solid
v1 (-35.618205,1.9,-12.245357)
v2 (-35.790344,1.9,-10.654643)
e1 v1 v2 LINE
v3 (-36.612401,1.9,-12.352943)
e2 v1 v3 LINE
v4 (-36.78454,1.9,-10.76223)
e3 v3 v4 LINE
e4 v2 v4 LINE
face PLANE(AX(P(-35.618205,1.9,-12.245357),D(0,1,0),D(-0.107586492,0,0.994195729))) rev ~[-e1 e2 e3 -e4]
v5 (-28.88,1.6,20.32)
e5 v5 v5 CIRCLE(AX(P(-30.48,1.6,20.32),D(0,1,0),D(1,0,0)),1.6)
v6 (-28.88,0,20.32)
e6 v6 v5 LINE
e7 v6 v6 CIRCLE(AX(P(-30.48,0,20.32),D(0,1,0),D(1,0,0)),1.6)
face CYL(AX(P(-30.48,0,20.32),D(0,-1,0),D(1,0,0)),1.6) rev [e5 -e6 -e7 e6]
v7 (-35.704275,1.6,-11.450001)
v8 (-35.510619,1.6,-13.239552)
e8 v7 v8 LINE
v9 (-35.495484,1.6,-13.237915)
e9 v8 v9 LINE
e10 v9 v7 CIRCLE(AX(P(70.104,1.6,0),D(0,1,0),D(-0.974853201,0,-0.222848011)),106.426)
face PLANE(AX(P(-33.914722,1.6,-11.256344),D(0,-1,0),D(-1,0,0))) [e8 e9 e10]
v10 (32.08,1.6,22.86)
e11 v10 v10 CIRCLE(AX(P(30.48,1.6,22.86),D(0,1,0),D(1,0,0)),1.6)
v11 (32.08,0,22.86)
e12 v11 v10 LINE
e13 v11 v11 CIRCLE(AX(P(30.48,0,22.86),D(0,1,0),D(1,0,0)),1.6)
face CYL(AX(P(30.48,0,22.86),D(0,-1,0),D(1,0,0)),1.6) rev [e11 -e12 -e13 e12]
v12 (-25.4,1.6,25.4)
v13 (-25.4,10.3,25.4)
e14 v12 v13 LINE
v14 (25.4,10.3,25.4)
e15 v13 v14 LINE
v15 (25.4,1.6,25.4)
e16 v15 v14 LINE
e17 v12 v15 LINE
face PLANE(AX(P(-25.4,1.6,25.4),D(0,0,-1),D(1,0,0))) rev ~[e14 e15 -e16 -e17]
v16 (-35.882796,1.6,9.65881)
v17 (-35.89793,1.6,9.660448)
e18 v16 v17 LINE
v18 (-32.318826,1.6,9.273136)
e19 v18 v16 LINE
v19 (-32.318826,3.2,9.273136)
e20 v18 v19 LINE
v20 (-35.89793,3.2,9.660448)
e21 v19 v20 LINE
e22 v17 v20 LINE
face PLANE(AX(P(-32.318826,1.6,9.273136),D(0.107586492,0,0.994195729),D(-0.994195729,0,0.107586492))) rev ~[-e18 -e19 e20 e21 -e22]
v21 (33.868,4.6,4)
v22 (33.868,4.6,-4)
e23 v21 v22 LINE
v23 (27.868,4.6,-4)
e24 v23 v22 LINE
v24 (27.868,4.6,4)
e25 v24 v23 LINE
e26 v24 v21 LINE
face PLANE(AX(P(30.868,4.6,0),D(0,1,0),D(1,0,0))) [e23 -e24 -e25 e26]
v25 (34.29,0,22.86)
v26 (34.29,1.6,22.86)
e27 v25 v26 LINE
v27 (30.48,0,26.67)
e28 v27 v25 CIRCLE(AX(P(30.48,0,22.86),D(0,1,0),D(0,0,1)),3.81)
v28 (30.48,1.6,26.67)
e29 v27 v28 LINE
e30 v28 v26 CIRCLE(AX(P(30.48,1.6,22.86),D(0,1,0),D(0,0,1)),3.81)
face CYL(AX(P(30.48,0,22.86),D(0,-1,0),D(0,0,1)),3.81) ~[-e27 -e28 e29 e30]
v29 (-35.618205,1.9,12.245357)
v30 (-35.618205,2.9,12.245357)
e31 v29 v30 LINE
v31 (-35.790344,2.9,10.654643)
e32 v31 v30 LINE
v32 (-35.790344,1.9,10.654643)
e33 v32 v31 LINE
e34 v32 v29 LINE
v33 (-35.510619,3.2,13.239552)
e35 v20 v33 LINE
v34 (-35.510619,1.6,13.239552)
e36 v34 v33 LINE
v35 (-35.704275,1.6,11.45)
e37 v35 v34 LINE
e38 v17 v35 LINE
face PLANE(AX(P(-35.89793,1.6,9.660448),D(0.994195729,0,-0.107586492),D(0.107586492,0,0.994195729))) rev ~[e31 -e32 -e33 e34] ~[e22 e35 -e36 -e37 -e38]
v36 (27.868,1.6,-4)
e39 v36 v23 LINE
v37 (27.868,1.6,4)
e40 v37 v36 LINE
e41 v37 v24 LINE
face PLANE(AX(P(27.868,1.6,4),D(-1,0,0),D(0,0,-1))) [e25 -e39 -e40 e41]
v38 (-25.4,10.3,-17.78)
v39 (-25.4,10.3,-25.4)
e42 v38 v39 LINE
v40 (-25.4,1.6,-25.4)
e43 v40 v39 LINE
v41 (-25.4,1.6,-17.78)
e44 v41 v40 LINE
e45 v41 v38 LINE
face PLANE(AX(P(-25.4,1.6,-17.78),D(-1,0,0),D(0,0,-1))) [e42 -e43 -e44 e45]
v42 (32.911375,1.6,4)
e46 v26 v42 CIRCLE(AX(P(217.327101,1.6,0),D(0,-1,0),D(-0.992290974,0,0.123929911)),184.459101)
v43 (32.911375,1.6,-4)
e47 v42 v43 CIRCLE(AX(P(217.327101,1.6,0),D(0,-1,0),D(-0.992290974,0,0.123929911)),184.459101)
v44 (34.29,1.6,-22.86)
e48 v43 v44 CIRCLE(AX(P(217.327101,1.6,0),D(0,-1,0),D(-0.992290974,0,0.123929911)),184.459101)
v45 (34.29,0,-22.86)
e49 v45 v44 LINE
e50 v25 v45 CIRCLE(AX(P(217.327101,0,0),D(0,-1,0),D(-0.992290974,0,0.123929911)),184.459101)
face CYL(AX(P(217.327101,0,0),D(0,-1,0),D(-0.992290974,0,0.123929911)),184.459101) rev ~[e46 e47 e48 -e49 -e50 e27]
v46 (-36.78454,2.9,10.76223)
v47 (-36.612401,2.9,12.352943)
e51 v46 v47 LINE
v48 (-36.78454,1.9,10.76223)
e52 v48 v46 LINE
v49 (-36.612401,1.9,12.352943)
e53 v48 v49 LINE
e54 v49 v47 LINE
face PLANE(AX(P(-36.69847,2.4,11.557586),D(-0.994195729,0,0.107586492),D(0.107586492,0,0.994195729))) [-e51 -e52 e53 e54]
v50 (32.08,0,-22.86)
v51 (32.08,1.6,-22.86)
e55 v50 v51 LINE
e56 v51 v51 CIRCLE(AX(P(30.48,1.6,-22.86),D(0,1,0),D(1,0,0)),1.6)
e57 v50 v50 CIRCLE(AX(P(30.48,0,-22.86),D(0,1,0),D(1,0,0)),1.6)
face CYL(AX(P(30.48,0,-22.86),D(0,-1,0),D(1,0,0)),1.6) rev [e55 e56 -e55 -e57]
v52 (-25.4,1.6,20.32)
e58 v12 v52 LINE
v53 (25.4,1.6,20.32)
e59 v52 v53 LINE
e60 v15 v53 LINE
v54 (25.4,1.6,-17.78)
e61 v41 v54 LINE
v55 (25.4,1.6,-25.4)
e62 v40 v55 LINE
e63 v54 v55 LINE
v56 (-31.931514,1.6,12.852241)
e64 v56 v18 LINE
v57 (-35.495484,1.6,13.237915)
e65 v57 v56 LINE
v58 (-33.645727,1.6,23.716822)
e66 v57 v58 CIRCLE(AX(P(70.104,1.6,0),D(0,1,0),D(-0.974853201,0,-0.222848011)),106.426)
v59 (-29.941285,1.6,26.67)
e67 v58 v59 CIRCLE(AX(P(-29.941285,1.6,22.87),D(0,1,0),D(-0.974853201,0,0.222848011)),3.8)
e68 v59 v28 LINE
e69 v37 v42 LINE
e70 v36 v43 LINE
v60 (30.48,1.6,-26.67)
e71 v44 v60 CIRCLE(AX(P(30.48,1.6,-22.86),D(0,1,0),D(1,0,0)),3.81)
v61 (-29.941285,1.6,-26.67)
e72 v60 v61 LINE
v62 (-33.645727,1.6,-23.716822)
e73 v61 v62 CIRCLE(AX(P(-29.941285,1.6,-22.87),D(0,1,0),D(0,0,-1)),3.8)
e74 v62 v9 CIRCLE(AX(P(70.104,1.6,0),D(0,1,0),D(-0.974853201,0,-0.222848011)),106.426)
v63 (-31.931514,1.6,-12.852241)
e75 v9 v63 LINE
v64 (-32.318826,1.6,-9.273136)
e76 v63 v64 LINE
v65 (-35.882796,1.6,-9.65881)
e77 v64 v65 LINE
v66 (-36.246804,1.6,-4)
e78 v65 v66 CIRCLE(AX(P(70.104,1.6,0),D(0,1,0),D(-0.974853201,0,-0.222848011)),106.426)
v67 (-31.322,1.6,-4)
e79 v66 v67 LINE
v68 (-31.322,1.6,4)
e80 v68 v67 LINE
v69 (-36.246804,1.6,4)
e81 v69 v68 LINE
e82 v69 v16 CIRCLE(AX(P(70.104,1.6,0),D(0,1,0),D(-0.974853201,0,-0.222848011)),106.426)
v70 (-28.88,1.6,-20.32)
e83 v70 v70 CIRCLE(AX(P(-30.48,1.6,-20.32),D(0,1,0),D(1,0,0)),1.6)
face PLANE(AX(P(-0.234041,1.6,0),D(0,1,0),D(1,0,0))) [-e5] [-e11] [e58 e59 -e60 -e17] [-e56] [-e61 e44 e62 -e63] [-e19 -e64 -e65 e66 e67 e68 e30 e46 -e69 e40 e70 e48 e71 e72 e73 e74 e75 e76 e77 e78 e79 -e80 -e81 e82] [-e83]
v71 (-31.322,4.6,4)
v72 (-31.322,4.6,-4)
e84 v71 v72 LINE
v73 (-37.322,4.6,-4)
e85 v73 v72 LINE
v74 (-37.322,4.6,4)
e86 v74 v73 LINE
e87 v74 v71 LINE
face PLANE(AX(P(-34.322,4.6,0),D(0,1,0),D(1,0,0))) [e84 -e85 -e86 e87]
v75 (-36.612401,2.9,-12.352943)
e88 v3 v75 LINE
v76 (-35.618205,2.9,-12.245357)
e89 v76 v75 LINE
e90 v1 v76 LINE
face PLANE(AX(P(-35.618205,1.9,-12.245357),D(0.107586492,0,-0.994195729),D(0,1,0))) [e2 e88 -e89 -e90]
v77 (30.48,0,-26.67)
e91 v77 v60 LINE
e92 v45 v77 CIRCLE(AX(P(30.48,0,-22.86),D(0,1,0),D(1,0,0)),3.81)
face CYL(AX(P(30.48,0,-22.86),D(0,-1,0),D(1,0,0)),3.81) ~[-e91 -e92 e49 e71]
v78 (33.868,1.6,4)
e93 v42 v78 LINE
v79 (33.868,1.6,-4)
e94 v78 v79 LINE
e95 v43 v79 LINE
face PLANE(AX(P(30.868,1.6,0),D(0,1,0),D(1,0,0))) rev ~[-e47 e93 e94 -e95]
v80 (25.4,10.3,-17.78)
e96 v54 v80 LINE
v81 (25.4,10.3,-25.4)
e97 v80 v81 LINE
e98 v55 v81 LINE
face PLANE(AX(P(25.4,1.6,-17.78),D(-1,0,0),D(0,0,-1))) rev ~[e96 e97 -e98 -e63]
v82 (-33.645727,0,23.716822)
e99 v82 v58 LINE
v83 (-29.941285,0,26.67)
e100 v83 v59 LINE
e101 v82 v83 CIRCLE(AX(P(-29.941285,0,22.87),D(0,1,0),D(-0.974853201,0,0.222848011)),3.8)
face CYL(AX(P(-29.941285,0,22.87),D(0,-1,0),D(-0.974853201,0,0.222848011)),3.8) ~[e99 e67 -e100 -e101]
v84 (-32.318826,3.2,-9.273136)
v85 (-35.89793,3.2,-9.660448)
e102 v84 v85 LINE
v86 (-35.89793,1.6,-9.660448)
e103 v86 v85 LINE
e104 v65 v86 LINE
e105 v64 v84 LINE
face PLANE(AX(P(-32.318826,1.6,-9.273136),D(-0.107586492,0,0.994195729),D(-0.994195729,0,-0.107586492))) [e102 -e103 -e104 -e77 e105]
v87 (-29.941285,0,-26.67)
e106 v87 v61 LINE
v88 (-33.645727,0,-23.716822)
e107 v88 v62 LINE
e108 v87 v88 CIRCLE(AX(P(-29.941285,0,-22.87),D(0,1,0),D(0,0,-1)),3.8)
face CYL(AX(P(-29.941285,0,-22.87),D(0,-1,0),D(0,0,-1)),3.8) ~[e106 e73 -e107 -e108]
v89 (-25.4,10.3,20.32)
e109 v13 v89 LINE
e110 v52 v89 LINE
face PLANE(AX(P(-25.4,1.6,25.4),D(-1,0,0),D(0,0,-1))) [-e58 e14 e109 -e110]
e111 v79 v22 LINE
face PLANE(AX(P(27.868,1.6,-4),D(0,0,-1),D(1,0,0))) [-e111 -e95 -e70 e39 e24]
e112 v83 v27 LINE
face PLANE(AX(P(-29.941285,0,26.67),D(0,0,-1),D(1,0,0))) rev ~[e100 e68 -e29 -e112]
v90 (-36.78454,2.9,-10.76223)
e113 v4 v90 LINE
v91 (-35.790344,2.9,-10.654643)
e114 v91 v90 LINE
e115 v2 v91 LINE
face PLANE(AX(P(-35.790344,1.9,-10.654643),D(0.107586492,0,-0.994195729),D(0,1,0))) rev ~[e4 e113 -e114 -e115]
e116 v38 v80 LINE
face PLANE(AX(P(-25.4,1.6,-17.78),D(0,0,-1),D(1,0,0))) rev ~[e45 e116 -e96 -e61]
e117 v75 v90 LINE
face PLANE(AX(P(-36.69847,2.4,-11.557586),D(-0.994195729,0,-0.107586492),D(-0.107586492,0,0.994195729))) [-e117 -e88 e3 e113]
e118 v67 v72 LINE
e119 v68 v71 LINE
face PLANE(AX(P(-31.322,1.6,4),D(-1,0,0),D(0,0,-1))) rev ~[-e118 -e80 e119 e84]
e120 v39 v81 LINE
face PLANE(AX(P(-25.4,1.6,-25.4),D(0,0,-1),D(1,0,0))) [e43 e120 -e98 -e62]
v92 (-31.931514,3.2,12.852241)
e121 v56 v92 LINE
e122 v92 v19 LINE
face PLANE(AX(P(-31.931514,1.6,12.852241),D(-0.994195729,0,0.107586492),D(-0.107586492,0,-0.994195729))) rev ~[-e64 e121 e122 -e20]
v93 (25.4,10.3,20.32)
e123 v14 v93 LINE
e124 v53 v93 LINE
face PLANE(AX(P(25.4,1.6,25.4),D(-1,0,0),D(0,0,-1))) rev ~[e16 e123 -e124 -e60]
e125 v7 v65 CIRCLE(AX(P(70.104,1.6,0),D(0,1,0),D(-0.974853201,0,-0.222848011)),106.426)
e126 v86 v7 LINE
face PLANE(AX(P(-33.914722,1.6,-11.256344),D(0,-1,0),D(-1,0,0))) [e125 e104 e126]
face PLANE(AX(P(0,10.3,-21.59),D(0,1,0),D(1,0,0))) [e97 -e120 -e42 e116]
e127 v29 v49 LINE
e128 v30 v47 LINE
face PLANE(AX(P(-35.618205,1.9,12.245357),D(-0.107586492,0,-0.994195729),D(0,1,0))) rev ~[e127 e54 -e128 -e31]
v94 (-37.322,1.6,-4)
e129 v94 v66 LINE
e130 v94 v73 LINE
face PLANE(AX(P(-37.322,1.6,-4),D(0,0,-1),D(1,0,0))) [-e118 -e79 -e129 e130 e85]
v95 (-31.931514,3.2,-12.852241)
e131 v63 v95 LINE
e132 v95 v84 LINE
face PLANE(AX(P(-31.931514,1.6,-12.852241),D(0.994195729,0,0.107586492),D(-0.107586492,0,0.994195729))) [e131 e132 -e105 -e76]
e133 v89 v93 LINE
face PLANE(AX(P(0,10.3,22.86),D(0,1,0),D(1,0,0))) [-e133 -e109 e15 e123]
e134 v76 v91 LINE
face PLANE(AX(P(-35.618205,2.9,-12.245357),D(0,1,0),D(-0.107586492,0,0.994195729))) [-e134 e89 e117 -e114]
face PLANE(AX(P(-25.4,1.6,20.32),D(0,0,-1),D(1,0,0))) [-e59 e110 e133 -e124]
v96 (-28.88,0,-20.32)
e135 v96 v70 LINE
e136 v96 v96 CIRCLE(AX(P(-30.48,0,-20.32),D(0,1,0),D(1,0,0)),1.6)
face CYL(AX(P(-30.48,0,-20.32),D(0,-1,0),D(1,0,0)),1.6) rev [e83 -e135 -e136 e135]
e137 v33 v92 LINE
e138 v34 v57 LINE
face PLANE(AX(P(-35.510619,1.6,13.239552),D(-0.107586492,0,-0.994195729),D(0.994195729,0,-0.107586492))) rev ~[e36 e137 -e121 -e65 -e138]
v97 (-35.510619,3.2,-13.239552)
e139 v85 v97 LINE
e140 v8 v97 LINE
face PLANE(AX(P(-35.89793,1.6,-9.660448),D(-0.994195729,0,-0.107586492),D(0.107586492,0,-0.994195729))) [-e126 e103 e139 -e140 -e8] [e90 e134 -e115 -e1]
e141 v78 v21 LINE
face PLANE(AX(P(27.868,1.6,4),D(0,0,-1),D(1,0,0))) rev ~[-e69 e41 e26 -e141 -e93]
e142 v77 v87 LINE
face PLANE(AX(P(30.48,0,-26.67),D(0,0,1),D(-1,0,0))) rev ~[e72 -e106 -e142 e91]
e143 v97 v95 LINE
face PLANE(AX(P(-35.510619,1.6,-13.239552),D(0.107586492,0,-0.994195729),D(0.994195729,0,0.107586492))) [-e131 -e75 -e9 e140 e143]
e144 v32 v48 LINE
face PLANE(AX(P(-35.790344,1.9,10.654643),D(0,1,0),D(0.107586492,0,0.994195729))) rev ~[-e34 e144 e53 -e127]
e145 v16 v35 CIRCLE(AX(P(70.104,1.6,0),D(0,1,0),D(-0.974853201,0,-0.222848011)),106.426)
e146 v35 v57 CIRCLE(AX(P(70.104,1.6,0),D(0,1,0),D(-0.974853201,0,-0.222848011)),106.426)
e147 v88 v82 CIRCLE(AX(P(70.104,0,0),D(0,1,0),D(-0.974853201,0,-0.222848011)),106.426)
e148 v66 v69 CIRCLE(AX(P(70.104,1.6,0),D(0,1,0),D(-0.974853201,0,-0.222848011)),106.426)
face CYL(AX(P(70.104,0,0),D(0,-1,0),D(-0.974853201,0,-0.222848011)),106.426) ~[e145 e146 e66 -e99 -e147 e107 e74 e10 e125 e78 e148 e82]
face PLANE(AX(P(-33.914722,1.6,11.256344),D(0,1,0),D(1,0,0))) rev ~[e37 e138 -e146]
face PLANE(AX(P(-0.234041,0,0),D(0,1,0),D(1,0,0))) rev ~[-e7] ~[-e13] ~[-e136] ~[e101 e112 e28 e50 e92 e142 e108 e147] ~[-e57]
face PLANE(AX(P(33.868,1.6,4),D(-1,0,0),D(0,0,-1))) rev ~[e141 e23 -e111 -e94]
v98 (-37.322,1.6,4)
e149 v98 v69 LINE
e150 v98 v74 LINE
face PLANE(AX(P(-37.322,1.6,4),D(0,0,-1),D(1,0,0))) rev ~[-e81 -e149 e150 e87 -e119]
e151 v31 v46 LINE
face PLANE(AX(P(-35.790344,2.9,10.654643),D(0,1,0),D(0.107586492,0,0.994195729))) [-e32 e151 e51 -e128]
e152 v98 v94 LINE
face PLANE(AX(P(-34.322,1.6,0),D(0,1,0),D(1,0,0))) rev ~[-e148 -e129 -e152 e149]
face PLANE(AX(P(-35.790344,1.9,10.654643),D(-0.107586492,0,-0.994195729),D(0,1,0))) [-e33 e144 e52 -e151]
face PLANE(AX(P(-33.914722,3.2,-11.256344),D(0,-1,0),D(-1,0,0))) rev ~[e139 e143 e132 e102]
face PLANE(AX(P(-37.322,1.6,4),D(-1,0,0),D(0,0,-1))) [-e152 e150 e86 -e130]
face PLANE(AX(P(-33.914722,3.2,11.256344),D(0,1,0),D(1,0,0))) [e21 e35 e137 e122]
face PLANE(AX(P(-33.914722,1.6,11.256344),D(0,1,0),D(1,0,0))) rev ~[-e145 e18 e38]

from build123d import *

# Parameters (mm, degrees)
SKETCH1_R           = 1.6
BOSS_EXTRUDE1_DEPTH = 1.6
SKETCH2_W           = 6
SKETCH2_H           = 8
BOSS_EXTRUDE2_DEPTH = 3
BOSS_EXTRUDE3_DEPTH = 1.6
SKETCH4_W           = 1.6
SKETCH4_H           = 1
BOSS_EXTRUDE4_DEPTH = 1
SKETCH5_W           = 1.6
SKETCH5_H           = 1
BOSS_EXTRUDE5_DEPTH = 1
SKETCH6_W           = 50.8
SKETCH6_H           = 5.08
SKETCH6_H_2         = 7.62
BOSS_EXTRUDE6_DEPTH = 8.7


with BuildPart() as part:
    # Sketch1 → Boss-Extrude1 (new body)
    with BuildSketch(Plane(origin=(0, 0, 0), x_dir=(1, 0, 0), z_dir=(0, 1, 0))):
        with BuildLine():
            Line((30.48, 26.67), (-29.941284627, 26.67))
            ThreePointArc((-29.941284627, 26.67), (-32.31004746, 25.841357037), (-33.645726791, 23.716822443))
            ThreePointArc((-33.645726791, 23.716822443), (-36.322, 0), (-33.645726791, -23.716822443))
            ThreePointArc((-33.645726791, -23.716822443), (-32.31004746, -25.841357037), (-29.941284627, -26.67))
            Line((-29.941284627, -26.67), (30.48, -26.67))
            ThreePointArc((30.48, -26.67), (33.174076836, -25.554076836), (34.29, -22.86))
            ThreePointArc((34.29, -22.86), (32.868, 0), (34.29, 22.86))
            ThreePointArc((34.29, 22.86), (33.174076836, 25.554076836), (30.48, 26.67))
        make_face()
        with Locations((30.48, 22.86)):
            Circle(SKETCH1_R, mode=Mode.SUBTRACT)
        with Locations((-30.48, 20.32)):
            Circle(SKETCH1_R, mode=Mode.SUBTRACT)
        with Locations((30.48, -22.86)):
            Circle(SKETCH1_R, mode=Mode.SUBTRACT)
        with Locations((-30.48, -20.32)):
            Circle(SKETCH1_R, mode=Mode.SUBTRACT)
    extrude(amount=BOSS_EXTRUDE1_DEPTH)

    # Sketch2 → Boss-Extrude2 (add)
    with BuildSketch(Plane(origin=(0, 1.6, 0), x_dir=(1, 0, 0), z_dir=(0, 1, 0))):
        with Locations((-34.322, 0)):
            Rectangle(SKETCH2_W, SKETCH2_H)
        with Locations((30.868, 0)):
            Rectangle(SKETCH2_W, SKETCH2_H)
    extrude(amount=BOSS_EXTRUDE2_DEPTH)

    # Sketch3 → Boss-Extrude3 (add)
    with BuildSketch(Plane(origin=(0, 1.6, 0), x_dir=(1, 0, 0), z_dir=(0, 1, 0))):
        Polygon((-35.510618925, 13.239552311), (-31.931514302, 12.85224094), (-32.318825673, 9.273136317), (-35.897930296, 9.660447689), align=None)
        Polygon((-31.931514302, -12.85224094), (-32.318825673, -9.273136317), (-35.897930296, -9.660447689), (-35.510618925, -13.239552311), align=None)
    extrude(amount=BOSS_EXTRUDE3_DEPTH)

    # Sketch4 → Boss-Extrude4 (add)
    with BuildSketch(Plane(origin=(-36.515718124, 0, 3.951533791), x_dir=(0.107586492, 0, 0.994195729), z_dir=(-0.994195729, 0, 0.107586492))):
        with Locations((7.542243437, 2.4)):
            Rectangle(SKETCH4_W, SKETCH4_H)
    extrude(amount=BOSS_EXTRUDE4_DEPTH)

    # Sketch5 → Boss-Extrude5 (add)
    with BuildSketch(Plane(origin=(-36.515718124, 0, -3.951533791), x_dir=(-0.107586492, 0, 0.994195729), z_dir=(-0.994195729, 0, -0.107586492))):
        with Locations((-7.542243437, 2.4)):
            Rectangle(SKETCH5_W, SKETCH5_H)
    extrude(amount=BOSS_EXTRUDE5_DEPTH)

    # Sketch6 → Boss-Extrude6 (add)
    with BuildSketch(Plane(origin=(0, 1.6, 0), x_dir=(1, 0, 0), z_dir=(0, 1, 0))):
        with Locations((0, -22.86)):
            Rectangle(SKETCH6_W, SKETCH6_H)
        with Locations((0, 21.59)):
            Rectangle(SKETCH6_W, SKETCH6_H_2)
    extrude(amount=BOSS_EXTRUDE6_DEPTH)


solid = part.part
